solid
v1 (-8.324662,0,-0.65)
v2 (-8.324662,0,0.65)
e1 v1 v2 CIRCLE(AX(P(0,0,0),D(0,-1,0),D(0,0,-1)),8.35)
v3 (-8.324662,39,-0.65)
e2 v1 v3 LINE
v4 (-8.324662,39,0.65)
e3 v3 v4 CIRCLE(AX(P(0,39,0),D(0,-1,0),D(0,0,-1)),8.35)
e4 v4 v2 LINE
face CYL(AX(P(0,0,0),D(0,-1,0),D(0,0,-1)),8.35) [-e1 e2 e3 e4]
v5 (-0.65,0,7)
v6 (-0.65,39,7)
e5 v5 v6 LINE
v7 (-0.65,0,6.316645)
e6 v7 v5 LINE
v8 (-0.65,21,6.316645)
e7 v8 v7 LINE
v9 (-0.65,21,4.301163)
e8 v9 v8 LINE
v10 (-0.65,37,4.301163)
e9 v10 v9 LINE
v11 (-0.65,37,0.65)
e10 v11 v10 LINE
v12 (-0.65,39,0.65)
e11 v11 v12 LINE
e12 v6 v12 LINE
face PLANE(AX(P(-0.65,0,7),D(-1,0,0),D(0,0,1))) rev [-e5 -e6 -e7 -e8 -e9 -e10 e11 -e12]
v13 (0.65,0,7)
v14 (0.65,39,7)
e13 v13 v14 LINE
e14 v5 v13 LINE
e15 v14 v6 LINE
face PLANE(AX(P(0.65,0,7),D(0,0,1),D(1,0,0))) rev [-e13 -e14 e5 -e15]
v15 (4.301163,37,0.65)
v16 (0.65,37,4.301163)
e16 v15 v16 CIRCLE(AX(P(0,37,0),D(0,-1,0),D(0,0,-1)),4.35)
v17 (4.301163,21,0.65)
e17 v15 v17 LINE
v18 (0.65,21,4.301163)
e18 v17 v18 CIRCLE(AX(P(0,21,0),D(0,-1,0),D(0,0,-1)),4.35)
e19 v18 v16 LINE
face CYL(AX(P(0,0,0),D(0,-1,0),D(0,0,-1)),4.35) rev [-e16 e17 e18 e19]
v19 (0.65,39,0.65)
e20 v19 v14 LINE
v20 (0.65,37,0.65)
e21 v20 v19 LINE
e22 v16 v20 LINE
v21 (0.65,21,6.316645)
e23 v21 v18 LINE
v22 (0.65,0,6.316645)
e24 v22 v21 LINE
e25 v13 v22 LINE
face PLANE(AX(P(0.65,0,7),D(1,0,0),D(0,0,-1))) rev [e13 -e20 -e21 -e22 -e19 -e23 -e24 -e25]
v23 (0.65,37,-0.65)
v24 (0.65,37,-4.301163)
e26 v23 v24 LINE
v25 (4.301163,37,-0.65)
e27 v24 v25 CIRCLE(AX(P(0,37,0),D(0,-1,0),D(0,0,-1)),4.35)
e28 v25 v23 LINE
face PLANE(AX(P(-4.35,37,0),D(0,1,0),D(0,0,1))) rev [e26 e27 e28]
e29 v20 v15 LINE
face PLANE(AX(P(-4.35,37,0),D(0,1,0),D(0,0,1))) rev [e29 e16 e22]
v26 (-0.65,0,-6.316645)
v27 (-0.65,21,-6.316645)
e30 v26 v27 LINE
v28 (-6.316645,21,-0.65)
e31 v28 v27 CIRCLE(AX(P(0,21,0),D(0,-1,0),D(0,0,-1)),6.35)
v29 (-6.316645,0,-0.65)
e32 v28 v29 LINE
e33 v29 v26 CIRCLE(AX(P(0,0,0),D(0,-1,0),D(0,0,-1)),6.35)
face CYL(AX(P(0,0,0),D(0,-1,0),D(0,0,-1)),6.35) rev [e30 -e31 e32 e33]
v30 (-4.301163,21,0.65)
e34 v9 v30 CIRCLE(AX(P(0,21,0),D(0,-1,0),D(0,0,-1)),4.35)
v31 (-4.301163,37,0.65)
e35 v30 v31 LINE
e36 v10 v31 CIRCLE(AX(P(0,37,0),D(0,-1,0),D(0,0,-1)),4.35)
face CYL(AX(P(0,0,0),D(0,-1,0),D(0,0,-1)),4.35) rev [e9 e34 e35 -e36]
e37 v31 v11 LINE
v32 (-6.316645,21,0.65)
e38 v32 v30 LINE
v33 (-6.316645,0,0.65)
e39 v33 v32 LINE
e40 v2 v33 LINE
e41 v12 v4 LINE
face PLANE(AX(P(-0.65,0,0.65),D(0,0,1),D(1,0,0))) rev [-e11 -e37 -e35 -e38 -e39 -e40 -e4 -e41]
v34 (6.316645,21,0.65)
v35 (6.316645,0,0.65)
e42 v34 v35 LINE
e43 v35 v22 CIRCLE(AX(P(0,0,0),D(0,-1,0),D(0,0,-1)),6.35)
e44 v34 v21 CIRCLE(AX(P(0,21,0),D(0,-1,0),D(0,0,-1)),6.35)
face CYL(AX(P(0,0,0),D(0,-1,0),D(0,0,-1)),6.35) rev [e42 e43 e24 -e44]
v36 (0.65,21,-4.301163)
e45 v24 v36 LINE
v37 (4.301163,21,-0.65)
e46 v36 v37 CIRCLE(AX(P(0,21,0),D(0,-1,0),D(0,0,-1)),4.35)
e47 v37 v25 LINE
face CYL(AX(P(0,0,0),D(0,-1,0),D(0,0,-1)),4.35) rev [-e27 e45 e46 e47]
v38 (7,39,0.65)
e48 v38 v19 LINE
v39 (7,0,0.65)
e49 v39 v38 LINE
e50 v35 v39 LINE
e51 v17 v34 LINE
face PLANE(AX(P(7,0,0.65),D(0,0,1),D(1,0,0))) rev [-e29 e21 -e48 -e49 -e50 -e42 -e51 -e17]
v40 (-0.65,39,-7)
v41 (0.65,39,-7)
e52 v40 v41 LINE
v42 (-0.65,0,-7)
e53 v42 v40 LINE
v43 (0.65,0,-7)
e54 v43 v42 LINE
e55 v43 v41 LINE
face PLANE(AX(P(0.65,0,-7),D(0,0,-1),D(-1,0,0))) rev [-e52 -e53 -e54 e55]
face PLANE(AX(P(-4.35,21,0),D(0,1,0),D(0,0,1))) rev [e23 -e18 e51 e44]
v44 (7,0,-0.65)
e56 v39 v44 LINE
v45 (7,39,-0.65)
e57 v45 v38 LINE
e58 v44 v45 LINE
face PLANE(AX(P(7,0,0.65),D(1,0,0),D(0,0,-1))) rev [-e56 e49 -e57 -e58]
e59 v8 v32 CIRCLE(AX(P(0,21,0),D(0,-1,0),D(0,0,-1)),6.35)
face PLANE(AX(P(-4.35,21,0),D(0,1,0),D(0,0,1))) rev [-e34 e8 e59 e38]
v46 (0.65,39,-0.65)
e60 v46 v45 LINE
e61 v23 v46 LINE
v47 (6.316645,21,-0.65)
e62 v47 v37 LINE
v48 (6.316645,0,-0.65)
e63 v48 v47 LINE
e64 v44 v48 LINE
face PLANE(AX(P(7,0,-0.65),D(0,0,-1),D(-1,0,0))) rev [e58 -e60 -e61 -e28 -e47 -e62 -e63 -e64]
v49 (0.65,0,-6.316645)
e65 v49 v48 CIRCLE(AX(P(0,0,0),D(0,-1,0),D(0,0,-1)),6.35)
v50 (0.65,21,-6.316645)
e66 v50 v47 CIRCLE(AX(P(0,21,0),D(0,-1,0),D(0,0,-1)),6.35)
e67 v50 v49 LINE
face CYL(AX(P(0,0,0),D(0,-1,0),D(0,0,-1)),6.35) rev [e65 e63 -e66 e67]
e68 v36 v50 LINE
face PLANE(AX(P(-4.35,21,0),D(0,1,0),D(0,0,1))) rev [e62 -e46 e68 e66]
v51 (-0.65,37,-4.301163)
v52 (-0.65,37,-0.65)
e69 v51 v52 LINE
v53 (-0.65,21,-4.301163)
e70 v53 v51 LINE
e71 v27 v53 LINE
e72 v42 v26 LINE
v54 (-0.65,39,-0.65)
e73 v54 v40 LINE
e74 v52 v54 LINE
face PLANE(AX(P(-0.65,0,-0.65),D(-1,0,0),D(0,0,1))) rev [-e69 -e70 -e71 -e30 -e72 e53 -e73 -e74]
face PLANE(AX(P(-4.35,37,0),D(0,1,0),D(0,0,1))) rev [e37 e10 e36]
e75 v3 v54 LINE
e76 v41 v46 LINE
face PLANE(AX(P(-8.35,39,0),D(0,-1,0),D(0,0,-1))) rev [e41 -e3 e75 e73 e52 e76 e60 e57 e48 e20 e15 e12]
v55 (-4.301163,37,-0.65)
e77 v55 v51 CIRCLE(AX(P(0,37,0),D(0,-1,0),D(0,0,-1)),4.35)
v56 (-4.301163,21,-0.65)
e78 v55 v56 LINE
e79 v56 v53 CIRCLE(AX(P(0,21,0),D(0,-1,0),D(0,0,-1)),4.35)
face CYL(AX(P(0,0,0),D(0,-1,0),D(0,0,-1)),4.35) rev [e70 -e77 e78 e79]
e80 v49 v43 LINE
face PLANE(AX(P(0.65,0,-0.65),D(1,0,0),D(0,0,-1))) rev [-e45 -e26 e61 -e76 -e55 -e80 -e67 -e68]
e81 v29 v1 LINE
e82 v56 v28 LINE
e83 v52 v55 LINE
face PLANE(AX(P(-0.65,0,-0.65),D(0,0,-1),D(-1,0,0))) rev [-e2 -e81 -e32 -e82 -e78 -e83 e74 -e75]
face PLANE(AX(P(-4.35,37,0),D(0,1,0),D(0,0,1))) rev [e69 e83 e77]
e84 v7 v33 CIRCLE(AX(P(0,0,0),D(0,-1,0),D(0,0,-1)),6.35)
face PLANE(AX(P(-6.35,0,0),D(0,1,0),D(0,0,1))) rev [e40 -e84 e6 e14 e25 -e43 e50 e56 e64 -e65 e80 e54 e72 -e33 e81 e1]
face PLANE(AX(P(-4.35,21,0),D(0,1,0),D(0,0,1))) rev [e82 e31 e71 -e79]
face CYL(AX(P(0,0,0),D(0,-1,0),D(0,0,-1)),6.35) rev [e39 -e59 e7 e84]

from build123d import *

# Parameters (mm, degrees)
CUT_EXTRUDE1_DEPTH      = 1
CUT_EXTRUDE1_DEPTH_BACK = 40


with BuildPart() as part:
    # Sketch1 → Revolve1 (revolve)
    with BuildSketch(Plane.XY):
        Polygon((-6.35, 0), (-8.35, 0), (-8.35, 39), (0, 39), (0, 37), (-4.35, 37), (-4.35, 21), (-6.35, 21), align=None)
    revolve(axis=Axis((0, 0, 0), (0, 1, 0)))

    # Sketch2 → Cut-Extrude1 (cut, two sides)
    with BuildSketch(Plane(origin=(0, 39, 0), x_dir=(1, 0, 0), z_dir=(0, 1, 0))) as cut_extrude1_sk:
        Polygon((-0.65, 0.65), (-7, 0.65), (-11.662246707, 0.65), (-11.662246707, -0.65), (-7, -0.65), (-0.65, -0.65), (-0.65, -7), (0.65, -7), (0.65, -0.65), (7, -0.65), (7, 0.65), (0.65, 0.65), (0.65, 7), (-0.65, 7), align=None)
    extrude(amount=CUT_EXTRUDE1_DEPTH, mode=Mode.SUBTRACT)
    extrude(cut_extrude1_sk.sketch, amount=-CUT_EXTRUDE1_DEPTH_BACK, mode=Mode.SUBTRACT)


solid = part.part
